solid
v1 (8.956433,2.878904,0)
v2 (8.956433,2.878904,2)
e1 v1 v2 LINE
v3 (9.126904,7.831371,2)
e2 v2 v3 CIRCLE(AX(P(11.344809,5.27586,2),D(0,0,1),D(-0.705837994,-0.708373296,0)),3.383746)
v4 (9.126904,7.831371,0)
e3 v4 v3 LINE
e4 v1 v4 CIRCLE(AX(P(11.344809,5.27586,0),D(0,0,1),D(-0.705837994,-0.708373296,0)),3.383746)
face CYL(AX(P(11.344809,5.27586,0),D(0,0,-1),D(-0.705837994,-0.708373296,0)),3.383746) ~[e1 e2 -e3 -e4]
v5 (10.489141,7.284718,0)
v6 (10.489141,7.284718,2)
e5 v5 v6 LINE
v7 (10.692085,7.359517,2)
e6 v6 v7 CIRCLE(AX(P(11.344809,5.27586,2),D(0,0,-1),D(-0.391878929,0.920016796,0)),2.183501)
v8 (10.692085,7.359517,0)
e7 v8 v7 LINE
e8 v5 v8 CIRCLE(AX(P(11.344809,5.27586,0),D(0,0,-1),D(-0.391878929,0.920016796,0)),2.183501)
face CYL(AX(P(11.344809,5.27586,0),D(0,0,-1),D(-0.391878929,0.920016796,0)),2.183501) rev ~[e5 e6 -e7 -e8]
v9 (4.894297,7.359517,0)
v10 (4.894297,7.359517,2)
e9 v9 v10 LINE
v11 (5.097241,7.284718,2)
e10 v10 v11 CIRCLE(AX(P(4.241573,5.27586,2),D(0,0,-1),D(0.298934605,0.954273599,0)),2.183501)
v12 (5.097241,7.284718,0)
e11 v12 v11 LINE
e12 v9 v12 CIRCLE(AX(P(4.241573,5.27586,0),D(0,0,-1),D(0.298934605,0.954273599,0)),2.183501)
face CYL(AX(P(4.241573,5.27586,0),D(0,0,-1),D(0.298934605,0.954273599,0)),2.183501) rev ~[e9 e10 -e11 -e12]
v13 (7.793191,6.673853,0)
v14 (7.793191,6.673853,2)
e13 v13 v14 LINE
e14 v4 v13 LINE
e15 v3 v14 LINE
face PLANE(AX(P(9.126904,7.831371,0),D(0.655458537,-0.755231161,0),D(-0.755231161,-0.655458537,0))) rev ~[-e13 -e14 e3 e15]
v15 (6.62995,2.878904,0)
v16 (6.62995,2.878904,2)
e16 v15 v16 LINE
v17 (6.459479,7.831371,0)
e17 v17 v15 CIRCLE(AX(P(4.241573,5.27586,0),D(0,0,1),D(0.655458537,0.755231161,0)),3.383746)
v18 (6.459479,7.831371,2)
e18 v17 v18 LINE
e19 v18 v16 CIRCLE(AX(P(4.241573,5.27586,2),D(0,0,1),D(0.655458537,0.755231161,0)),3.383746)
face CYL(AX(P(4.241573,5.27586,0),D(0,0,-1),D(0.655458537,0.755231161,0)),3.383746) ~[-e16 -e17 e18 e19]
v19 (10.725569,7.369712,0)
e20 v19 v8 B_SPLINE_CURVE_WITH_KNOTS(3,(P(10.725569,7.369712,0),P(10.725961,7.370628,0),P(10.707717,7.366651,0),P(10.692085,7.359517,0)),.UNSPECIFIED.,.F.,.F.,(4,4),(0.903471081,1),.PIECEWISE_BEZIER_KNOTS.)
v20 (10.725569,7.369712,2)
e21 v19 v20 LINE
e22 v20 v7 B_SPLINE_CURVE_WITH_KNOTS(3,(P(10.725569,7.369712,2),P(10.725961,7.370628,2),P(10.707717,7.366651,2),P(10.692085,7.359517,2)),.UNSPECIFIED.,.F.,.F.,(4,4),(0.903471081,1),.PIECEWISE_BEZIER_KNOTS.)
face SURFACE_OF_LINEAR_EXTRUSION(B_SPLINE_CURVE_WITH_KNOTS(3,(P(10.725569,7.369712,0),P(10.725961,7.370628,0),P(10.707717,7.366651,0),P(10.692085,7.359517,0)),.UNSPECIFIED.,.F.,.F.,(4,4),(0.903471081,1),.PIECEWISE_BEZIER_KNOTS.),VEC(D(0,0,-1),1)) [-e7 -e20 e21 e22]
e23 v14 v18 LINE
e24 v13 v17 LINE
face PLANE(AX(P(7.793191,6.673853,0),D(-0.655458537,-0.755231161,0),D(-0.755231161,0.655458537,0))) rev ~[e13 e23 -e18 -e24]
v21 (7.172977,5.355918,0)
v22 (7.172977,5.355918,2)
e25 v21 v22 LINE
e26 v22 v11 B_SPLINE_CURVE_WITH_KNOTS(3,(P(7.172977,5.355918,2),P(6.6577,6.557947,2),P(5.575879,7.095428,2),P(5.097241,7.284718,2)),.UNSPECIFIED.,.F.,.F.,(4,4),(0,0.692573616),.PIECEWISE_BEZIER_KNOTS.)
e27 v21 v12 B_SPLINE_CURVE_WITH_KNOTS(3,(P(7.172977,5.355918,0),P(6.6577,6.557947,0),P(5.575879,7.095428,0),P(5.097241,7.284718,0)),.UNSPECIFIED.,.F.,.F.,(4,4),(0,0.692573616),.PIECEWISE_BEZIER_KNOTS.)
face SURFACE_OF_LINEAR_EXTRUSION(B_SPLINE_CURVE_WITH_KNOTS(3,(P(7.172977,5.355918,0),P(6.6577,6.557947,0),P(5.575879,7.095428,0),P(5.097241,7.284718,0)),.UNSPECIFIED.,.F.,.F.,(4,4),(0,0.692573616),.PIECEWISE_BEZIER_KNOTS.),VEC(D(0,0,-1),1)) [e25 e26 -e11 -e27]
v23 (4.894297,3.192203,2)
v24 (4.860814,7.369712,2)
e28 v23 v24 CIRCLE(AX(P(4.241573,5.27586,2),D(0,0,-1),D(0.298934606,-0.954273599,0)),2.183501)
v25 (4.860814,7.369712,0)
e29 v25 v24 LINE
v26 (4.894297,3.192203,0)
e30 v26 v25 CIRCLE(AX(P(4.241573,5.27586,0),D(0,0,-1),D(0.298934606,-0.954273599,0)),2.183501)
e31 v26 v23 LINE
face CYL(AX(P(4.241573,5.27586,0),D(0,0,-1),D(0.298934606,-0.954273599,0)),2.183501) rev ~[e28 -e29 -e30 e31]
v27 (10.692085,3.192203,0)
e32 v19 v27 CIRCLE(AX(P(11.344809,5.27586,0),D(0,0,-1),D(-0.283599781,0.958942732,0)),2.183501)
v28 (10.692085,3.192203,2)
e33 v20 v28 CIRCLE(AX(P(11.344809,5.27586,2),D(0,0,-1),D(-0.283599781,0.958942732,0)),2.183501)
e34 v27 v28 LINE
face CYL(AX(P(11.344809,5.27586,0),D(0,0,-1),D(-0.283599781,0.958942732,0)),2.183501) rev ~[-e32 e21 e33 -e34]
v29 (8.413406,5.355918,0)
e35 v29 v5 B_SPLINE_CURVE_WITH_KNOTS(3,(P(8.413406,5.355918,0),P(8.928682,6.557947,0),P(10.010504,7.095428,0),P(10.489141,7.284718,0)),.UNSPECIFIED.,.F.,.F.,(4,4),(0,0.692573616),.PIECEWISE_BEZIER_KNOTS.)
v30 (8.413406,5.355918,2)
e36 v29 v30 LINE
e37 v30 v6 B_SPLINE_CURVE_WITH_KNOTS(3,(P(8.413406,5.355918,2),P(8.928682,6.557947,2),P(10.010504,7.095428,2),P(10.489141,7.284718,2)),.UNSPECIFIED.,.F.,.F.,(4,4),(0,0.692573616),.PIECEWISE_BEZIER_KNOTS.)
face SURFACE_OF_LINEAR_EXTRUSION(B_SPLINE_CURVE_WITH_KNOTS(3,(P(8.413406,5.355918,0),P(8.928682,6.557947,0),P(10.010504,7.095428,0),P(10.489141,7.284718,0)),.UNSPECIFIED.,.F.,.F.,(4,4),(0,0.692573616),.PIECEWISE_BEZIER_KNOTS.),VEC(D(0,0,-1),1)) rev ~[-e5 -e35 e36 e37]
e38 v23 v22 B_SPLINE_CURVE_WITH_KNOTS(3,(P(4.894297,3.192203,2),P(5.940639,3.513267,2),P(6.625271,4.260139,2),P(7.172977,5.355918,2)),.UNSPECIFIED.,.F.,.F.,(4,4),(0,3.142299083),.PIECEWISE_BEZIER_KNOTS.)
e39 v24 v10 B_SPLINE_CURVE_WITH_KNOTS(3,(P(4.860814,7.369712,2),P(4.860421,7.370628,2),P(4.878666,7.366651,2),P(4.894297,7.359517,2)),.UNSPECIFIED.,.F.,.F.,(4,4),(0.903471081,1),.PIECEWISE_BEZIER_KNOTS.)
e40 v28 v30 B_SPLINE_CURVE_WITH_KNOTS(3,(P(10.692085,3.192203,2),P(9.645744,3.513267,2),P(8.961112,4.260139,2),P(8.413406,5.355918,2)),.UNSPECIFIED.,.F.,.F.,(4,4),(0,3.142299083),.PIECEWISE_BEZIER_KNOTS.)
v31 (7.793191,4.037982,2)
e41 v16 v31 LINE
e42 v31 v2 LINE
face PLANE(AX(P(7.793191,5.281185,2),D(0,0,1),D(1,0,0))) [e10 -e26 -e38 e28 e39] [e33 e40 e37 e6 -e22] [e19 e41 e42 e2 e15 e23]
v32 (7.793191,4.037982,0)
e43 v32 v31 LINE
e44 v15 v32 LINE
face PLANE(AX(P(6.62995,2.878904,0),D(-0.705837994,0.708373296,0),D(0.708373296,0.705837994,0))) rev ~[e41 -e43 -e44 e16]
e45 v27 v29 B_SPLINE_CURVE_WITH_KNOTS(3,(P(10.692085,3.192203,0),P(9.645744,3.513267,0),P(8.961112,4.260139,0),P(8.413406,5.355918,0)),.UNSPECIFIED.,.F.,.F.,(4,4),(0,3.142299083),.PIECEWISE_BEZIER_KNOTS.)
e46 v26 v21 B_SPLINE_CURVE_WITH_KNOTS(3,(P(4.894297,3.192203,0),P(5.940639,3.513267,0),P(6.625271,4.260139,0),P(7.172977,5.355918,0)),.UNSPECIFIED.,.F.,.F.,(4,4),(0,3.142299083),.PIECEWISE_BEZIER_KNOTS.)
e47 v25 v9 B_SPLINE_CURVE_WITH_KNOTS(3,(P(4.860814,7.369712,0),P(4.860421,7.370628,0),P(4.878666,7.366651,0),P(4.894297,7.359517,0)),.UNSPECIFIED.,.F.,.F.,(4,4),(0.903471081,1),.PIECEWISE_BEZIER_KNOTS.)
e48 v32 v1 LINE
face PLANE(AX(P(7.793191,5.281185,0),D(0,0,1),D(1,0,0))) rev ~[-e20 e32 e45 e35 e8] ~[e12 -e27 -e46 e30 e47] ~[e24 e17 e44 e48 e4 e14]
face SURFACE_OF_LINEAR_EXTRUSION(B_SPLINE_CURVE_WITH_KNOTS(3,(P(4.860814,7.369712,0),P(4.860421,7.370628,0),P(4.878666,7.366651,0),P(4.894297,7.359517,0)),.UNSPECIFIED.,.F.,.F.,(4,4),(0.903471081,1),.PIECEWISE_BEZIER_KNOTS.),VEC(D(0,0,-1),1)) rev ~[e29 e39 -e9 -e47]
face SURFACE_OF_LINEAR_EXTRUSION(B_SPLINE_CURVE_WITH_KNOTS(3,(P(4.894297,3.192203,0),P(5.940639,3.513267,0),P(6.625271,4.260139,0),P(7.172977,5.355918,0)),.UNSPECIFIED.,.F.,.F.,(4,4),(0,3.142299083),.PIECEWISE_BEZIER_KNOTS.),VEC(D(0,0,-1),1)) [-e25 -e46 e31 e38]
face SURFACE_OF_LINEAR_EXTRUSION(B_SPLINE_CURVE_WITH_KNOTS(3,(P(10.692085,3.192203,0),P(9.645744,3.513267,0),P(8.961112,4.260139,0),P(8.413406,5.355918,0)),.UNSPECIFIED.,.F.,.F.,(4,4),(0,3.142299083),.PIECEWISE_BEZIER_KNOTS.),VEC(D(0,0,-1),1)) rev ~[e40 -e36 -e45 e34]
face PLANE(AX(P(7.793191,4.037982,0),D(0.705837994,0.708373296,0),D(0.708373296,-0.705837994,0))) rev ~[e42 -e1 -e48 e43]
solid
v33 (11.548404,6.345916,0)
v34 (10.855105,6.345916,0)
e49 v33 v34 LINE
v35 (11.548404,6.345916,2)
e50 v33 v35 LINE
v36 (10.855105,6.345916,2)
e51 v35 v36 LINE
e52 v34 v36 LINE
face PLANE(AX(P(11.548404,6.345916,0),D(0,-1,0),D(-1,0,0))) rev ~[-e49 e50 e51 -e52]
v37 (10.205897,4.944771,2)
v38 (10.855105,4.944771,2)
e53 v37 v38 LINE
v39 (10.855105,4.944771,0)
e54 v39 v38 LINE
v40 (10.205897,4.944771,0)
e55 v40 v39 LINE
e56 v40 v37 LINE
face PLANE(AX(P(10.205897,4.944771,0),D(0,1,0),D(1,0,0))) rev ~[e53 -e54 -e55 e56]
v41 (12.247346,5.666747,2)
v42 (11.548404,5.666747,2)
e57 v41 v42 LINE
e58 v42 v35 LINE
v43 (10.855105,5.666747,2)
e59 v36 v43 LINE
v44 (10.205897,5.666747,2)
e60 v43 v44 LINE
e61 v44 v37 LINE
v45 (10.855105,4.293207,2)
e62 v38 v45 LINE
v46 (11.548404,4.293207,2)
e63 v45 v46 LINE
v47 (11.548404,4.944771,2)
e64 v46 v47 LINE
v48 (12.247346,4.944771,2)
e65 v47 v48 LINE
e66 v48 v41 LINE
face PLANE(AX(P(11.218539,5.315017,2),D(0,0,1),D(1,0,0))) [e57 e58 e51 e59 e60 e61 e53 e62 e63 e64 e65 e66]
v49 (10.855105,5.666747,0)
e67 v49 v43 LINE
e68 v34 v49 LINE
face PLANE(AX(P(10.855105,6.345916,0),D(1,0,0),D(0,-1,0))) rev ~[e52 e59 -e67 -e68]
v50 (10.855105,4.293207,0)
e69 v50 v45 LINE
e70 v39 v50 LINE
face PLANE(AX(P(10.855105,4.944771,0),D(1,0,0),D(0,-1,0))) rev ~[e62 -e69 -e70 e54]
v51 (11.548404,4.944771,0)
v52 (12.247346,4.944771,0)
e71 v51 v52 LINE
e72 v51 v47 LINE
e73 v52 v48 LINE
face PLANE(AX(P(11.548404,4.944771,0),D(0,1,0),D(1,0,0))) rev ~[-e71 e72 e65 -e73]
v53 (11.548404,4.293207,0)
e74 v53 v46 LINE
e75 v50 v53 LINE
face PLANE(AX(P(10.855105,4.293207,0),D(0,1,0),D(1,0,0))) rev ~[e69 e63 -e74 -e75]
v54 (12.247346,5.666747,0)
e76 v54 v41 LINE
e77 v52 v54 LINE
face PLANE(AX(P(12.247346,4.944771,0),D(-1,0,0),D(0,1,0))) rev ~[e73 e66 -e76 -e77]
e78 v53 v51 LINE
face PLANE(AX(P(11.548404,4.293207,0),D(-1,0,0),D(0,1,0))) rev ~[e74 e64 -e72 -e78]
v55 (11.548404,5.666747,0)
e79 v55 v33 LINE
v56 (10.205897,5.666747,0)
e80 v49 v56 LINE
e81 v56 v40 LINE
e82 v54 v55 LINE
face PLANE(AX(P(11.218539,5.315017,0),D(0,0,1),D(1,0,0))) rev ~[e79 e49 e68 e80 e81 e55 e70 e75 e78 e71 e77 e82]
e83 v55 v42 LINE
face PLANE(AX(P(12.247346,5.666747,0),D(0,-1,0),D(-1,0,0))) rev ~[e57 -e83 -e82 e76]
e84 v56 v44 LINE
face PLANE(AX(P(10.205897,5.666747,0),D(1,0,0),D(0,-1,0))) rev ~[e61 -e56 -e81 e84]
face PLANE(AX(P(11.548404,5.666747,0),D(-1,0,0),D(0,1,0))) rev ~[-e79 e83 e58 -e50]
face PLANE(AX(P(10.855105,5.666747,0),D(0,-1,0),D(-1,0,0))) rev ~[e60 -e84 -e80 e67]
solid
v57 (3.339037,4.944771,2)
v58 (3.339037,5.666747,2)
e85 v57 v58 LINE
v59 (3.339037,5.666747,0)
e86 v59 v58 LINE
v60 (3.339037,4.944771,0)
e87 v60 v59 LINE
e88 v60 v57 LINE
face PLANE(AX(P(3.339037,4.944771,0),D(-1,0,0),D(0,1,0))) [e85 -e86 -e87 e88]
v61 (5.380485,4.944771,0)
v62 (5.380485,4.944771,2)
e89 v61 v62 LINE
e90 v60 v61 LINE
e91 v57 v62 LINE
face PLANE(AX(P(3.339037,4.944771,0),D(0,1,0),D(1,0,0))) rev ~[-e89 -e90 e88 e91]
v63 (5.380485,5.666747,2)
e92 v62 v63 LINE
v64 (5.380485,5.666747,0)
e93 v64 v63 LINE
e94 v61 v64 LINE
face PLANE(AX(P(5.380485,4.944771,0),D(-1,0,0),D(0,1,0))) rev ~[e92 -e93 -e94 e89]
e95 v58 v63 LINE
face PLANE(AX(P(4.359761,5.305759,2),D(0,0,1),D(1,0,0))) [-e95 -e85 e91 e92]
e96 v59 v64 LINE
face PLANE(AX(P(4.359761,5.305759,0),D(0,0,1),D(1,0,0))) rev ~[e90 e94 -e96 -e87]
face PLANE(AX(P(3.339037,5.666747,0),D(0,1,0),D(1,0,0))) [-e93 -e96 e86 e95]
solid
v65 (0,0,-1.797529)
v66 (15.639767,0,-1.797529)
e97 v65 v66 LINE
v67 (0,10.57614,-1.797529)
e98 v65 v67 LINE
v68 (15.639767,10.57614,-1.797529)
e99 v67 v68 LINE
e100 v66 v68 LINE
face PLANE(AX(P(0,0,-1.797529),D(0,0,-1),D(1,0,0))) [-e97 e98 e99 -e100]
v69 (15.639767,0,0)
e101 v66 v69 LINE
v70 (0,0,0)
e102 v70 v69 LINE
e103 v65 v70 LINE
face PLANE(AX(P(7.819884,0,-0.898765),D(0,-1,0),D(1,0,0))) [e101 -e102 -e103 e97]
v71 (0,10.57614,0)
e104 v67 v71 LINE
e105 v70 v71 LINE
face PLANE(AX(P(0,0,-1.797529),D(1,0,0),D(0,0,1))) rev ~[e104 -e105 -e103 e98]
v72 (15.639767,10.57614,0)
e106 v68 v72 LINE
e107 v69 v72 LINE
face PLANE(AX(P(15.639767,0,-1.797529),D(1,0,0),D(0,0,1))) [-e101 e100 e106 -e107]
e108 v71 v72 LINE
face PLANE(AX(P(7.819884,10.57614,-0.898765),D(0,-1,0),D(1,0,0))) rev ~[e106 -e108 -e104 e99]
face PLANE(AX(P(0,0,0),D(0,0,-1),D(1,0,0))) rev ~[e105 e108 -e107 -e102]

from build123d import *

# Parameters (mm, degrees)
F0_W     = 2.0414483733
F0_H     = 0.721976161
F1_DEPTH = 2
F2_W     = 15.6397670507
F2_H     = 1.7975292867
F3_DEPTH = 10.57614


with BuildPart() as f1:
    # F0 (on Top) → F1 (new body)
    with BuildSketch(Plane.XY):
        with Locations((4.3597610202, 5.3057591431)):
            Rectangle(F0_W, F0_H)
    extrude(amount=F1_DEPTH)


with BuildPart() as f1b:
    # F0 (on Top) → F1, piece 2 (new body)
    with BuildSketch(Plane.XY):
        with BuildLine():
            Line((7.7931912586, 6.6738531707), (6.4594786492, 7.8313707121))
            ThreePointArc((6.4594786492, 7.8313707121), (0.8598295398, 5.1594552842), (6.629949957, 2.8789043478))
            Line((6.629949957, 2.8789043478), (7.7931912586, 4.0379823539))
            Line((7.7931912586, 4.0379823539), (8.9564325602, 2.8789043478))
            ThreePointArc((8.9564325602, 2.8789043478), (14.7265529774, 5.1594552842), (9.1269038679, 7.8313707121))
            Line((9.1269038679, 7.8313707121), (7.7931912586, 6.6738531707))
        make_face()
        with BuildLine():
            ThreePointArc((4.894297192, 7.3595173929), (4.9966959497, 7.324631917), (5.0972412206, 7.2847176276))
            add(Edge.make_bspline(
                [(7.1729766205, 5.3559177623), (6.6577003841, 6.5579472848), (5.5758785114, 7.0954281514), (5.0972412206, 7.2847176276)],
                knots=[0, 0, 0, 0, 0.6925736163, 0.6925736163, 0.6925736163, 0.6925736163], degree=3))
            add(Edge.make_bspline(
                [(4.894297192, 3.1922025334), (5.9406389482, 3.5132674966), (6.6252709366, 4.2601390742), (7.1729766205, 5.3559177623)],
                knots=[0, 0, 0, 0, 3.1422990834, 3.1422990834, 3.1422990834, 3.1422990834], degree=3))
            ThreePointArc((4.894297192, 3.1922025334), (2.0581422173, 5.2583593128), (4.8608135864, 7.369712451))
            add(Edge.make_bspline(
                [(4.8608135864, 7.369712451), (4.8604211246, 7.3706277748), (4.8786656068, 7.3666505368), (4.894297192, 7.3595173929)],
                knots=[0.9034710811, 0.9034710811, 0.9034710811, 0.9034710811, 1, 1, 1, 1], degree=3))
        make_face(mode=Mode.SUBTRACT)
        with BuildLine():
            add(Edge.make_bspline(
                [(10.6920853252, 3.1922025334), (9.6457435689, 3.5132674966), (8.9611115805, 4.2601390742), (8.4134058967, 5.3559177623)],
                knots=[0, 0, 0, 0, 3.1422990834, 3.1422990834, 3.1422990834, 3.1422990834], degree=3))
            add(Edge.make_bspline(
                [(8.4134058967, 5.3559177623), (8.9286821331, 6.5579472848), (10.0105040057, 7.0954281514), (10.4891412966, 7.2847176276)],
                knots=[0, 0, 0, 0, 0.6925736163, 0.6925736163, 0.6925736163, 0.6925736163], degree=3))
            ThreePointArc((10.4891412966, 7.2847176276), (10.5896865675, 7.324631917), (10.6920853252, 7.3595173929))
            add(Edge.make_bspline(
                [(10.7255689308, 7.369712451), (10.7259613925, 7.3706277748), (10.7077169104, 7.3666505368), (10.6920853252, 7.3595173929)],
                knots=[0.9034710811, 0.9034710811, 0.9034710811, 0.9034710811, 1, 1, 1, 1], degree=3))
            ThreePointArc((10.7255689308, 7.369712451), (13.5282402999, 5.2583593128), (10.6920853252, 3.1922025334))
        make_face(mode=Mode.SUBTRACT)
    extrude(amount=F1_DEPTH)


with BuildPart() as f1c:
    # F0 (on Top) → F1, piece 3 (new body)
    with BuildSketch(Plane.XY):
        Polygon((11.5484036505, 4.9447710626), (12.2473456837, 4.9447710626), (12.2473456837, 5.6667472236), (11.5484036505, 5.6667472236), (11.5484036505, 6.3459160738), (10.8551047742, 6.3459160738), (10.8551047742, 5.6667472236), (10.2058973103, 5.6667472236), (10.2058973103, 4.9447710626), (10.8551047742, 4.9447710626), (10.8551047742, 4.2932070792), (11.5484036505, 4.2932070792), align=None)
    extrude(amount=F1_DEPTH)


with BuildPart() as f3:
    # F2 (on Front) → F3 (new body)
    with BuildSketch(Plane.XZ):
        with Locations((7.8198835254, -0.8987646434)):
            Rectangle(F2_W, F2_H)
    extrude(amount=-F3_DEPTH)


solid = Compound([f1.part, f1b.part, f1c.part, f3.part])
